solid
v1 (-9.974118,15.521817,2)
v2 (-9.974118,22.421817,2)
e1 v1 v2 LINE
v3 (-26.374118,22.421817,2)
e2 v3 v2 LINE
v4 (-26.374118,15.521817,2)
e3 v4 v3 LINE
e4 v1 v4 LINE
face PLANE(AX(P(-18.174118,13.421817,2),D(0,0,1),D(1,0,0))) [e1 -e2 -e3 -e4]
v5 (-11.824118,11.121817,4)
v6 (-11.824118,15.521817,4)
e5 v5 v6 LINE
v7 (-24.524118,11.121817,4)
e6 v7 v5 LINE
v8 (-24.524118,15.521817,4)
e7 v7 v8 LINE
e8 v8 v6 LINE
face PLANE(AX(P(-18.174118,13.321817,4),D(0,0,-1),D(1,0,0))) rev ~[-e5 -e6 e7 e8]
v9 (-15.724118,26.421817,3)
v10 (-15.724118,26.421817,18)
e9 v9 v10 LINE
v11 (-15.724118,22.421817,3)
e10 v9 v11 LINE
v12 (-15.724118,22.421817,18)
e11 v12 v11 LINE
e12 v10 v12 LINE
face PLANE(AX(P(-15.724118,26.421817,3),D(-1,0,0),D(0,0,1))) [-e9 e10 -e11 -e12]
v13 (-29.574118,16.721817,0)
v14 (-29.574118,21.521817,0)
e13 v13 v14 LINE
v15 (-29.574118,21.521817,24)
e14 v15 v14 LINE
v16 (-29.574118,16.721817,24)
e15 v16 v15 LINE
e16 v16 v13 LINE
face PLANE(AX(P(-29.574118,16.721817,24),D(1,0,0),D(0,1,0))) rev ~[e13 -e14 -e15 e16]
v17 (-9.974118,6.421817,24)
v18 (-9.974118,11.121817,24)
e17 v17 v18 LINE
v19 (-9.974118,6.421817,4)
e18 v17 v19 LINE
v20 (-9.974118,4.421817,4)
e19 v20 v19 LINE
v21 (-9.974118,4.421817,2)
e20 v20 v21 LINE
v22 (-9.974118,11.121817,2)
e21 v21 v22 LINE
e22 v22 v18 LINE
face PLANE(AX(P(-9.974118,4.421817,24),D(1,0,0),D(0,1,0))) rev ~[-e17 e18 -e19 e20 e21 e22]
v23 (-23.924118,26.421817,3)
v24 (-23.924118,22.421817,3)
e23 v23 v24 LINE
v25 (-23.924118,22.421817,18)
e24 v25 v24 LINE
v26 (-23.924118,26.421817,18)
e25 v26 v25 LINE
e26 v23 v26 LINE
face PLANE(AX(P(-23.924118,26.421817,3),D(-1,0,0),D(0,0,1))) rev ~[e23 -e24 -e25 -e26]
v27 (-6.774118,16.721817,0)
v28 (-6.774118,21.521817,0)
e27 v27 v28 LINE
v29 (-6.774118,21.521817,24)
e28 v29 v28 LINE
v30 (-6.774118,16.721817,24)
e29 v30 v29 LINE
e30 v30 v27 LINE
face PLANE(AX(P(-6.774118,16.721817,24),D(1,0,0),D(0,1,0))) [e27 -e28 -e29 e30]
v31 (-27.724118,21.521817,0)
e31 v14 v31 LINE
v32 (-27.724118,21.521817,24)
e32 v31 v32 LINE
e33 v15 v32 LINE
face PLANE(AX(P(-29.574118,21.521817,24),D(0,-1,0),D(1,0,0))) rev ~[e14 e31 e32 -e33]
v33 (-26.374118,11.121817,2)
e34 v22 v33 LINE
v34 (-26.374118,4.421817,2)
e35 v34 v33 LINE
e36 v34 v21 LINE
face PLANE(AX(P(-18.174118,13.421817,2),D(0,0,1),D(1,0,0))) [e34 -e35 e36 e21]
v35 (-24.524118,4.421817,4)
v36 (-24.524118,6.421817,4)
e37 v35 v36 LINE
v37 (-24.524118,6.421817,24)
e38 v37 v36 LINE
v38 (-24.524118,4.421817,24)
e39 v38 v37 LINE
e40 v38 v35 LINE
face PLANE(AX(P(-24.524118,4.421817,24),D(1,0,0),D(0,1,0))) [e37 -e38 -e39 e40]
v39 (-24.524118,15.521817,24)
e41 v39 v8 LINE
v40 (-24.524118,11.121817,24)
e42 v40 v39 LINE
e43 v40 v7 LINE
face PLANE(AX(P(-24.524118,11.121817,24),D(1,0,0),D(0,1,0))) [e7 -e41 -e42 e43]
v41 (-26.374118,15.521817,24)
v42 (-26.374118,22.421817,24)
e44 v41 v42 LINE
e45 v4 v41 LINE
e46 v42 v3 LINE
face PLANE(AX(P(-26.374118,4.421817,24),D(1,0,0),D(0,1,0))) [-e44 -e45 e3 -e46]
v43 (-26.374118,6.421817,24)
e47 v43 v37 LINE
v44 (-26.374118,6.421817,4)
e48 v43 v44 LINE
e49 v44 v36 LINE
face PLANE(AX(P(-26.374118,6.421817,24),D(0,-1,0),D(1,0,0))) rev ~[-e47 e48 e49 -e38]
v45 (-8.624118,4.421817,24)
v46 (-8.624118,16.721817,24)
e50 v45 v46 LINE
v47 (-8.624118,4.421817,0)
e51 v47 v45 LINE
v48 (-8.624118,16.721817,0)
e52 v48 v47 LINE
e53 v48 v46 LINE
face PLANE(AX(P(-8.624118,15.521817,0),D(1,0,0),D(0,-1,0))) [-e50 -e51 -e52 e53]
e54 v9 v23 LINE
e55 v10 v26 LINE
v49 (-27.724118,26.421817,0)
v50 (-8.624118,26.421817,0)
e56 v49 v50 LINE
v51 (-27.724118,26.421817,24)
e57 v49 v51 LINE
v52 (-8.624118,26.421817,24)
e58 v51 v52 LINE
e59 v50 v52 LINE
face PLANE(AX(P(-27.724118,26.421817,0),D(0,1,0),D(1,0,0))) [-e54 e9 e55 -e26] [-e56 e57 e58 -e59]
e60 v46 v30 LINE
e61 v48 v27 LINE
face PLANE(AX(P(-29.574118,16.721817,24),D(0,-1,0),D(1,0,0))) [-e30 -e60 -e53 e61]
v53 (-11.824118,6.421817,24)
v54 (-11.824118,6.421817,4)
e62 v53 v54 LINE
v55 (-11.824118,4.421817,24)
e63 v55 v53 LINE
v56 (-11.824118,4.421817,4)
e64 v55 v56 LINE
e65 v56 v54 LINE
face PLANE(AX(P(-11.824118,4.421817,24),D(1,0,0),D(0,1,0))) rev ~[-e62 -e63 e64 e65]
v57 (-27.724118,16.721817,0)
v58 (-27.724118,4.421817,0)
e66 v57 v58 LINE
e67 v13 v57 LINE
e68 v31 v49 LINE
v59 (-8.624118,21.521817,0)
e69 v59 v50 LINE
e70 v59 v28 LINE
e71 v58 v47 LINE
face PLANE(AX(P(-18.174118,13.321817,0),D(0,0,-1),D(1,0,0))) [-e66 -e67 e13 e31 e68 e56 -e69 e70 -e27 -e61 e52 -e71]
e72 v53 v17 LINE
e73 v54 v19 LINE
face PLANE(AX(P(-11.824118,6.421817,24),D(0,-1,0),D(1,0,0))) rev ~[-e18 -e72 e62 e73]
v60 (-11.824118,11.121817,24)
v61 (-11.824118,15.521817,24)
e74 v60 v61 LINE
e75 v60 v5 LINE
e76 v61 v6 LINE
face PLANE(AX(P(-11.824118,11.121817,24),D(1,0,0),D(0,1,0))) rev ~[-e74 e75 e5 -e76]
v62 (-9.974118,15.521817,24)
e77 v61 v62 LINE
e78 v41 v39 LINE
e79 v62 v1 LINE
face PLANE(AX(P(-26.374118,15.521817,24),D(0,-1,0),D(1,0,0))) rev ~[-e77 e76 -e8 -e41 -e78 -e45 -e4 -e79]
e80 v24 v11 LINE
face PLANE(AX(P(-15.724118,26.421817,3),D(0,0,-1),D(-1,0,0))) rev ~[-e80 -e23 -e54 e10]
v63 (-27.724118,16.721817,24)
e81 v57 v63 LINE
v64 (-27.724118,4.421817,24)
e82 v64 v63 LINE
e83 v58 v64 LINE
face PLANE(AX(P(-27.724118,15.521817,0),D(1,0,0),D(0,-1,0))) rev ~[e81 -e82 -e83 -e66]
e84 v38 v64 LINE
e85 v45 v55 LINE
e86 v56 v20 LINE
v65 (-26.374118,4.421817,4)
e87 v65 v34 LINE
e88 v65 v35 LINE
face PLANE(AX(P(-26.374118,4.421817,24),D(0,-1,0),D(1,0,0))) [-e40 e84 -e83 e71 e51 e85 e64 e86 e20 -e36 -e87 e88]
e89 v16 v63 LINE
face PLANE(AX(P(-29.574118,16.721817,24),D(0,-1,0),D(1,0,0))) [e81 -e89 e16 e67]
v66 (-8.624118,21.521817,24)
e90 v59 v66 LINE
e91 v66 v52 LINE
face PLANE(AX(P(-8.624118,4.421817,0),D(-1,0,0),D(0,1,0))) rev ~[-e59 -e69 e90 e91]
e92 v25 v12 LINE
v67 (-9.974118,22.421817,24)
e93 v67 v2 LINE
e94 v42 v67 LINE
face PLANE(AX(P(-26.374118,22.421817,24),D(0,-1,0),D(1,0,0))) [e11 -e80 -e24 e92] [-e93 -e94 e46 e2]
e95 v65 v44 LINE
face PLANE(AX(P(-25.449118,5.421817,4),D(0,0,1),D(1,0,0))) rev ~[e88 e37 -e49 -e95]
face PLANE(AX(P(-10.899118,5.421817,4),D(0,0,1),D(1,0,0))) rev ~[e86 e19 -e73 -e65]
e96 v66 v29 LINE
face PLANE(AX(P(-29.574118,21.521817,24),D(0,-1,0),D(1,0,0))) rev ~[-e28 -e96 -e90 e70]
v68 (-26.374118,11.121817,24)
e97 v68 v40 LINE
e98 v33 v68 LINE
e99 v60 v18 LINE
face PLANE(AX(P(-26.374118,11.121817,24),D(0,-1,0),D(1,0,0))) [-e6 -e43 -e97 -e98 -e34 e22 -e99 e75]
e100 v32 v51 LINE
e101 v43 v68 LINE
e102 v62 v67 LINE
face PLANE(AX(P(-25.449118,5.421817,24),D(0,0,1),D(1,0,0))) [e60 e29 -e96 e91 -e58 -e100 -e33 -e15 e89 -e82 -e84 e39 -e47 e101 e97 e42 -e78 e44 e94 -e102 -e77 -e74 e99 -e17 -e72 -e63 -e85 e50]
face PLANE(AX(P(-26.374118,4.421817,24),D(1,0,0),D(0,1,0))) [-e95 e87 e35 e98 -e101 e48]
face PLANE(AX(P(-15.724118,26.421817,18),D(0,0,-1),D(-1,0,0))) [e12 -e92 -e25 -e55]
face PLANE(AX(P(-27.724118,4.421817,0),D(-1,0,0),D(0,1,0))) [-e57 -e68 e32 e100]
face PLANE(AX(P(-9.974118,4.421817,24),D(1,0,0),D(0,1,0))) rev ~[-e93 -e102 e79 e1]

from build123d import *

# Parameters (mm, degrees)
SKETCH_W        = 19.1
SKETCH_H        = 22
PAD_DEPTH       = 24
SKETCH001_W     = 22.8
SKETCH001_H     = 4.8
PAD001_DEPTH    = 24
SKETCH002_W     = 16.4
SKETCH002_H     = 18
POCKET_DEPTH    = 22
SKETCH003_W     = 8.2
SKETCH003_H     = 15
POCKET001_DEPTH = 5
SKETCH004_W     = 1.85
SKETCH004_H     = 2
SKETCH004_H_2   = 4.4
PAD002_DEPTH    = 20
SKETCH005_W     = 19.1
SKETCH005_H     = 4.4
PAD003_DEPTH    = 4


with BuildPart() as part:
    # Sketch → Pad (new body)
    with BuildSketch(Plane.XY):
        with Locations((-18.174118, 15.421817)):
            Rectangle(SKETCH_W, SKETCH_H)
    extrude(amount=PAD_DEPTH)

    # Sketch001 → Pad001 (new body)
    with BuildSketch(Plane.XY.offset(24)):
        with Locations((-18.174118, 19.121817)):
            Rectangle(SKETCH001_W, SKETCH001_H)
    extrude(amount=-PAD001_DEPTH)

    # Sketch002 → Pocket (cut)
    with BuildSketch(Plane.XY.offset(24)):
        with Locations((-18.174118, 13.421817)):
            Rectangle(SKETCH002_W, SKETCH002_H)
    extrude(amount=-POCKET_DEPTH, mode=Mode.SUBTRACT)

    # Sketch003 → Pocket001 (cut)
    with BuildSketch(Plane(origin=(0, 26.421817, 0), x_dir=(-1, 0, 0), z_dir=(0, 1, 0))):
        with Locations((19.824118, 10.5)):
            Rectangle(SKETCH003_W, SKETCH003_H)
    extrude(amount=-POCKET001_DEPTH, mode=Mode.SUBTRACT)

    # Sketch004 → Pad002 (new body)
    with BuildSketch(Plane.XY.offset(24)):
        with Locations((-25.449118, 5.421817)):
            Rectangle(SKETCH004_W, SKETCH004_H)
        with Locations((-10.899118, 5.421817)):
            Rectangle(SKETCH004_W, SKETCH004_H)
        with Locations((-25.449118, 13.321817)):
            Rectangle(SKETCH004_W, SKETCH004_H_2)
        with Locations((-10.899118, 13.321817)):
            Rectangle(SKETCH004_W, SKETCH004_H_2)
    extrude(amount=-PAD002_DEPTH)

    # Sketch005 → Pad003 (new body)
    with BuildSketch(Plane(origin=(0, 0, 0), x_dir=(1, 0, 0), z_dir=(0, 0, -1))):
        with Locations((-18.174118, -13.321817)):
            Rectangle(SKETCH005_W, SKETCH005_H)
    extrude(amount=-PAD003_DEPTH)


solid = part.part
